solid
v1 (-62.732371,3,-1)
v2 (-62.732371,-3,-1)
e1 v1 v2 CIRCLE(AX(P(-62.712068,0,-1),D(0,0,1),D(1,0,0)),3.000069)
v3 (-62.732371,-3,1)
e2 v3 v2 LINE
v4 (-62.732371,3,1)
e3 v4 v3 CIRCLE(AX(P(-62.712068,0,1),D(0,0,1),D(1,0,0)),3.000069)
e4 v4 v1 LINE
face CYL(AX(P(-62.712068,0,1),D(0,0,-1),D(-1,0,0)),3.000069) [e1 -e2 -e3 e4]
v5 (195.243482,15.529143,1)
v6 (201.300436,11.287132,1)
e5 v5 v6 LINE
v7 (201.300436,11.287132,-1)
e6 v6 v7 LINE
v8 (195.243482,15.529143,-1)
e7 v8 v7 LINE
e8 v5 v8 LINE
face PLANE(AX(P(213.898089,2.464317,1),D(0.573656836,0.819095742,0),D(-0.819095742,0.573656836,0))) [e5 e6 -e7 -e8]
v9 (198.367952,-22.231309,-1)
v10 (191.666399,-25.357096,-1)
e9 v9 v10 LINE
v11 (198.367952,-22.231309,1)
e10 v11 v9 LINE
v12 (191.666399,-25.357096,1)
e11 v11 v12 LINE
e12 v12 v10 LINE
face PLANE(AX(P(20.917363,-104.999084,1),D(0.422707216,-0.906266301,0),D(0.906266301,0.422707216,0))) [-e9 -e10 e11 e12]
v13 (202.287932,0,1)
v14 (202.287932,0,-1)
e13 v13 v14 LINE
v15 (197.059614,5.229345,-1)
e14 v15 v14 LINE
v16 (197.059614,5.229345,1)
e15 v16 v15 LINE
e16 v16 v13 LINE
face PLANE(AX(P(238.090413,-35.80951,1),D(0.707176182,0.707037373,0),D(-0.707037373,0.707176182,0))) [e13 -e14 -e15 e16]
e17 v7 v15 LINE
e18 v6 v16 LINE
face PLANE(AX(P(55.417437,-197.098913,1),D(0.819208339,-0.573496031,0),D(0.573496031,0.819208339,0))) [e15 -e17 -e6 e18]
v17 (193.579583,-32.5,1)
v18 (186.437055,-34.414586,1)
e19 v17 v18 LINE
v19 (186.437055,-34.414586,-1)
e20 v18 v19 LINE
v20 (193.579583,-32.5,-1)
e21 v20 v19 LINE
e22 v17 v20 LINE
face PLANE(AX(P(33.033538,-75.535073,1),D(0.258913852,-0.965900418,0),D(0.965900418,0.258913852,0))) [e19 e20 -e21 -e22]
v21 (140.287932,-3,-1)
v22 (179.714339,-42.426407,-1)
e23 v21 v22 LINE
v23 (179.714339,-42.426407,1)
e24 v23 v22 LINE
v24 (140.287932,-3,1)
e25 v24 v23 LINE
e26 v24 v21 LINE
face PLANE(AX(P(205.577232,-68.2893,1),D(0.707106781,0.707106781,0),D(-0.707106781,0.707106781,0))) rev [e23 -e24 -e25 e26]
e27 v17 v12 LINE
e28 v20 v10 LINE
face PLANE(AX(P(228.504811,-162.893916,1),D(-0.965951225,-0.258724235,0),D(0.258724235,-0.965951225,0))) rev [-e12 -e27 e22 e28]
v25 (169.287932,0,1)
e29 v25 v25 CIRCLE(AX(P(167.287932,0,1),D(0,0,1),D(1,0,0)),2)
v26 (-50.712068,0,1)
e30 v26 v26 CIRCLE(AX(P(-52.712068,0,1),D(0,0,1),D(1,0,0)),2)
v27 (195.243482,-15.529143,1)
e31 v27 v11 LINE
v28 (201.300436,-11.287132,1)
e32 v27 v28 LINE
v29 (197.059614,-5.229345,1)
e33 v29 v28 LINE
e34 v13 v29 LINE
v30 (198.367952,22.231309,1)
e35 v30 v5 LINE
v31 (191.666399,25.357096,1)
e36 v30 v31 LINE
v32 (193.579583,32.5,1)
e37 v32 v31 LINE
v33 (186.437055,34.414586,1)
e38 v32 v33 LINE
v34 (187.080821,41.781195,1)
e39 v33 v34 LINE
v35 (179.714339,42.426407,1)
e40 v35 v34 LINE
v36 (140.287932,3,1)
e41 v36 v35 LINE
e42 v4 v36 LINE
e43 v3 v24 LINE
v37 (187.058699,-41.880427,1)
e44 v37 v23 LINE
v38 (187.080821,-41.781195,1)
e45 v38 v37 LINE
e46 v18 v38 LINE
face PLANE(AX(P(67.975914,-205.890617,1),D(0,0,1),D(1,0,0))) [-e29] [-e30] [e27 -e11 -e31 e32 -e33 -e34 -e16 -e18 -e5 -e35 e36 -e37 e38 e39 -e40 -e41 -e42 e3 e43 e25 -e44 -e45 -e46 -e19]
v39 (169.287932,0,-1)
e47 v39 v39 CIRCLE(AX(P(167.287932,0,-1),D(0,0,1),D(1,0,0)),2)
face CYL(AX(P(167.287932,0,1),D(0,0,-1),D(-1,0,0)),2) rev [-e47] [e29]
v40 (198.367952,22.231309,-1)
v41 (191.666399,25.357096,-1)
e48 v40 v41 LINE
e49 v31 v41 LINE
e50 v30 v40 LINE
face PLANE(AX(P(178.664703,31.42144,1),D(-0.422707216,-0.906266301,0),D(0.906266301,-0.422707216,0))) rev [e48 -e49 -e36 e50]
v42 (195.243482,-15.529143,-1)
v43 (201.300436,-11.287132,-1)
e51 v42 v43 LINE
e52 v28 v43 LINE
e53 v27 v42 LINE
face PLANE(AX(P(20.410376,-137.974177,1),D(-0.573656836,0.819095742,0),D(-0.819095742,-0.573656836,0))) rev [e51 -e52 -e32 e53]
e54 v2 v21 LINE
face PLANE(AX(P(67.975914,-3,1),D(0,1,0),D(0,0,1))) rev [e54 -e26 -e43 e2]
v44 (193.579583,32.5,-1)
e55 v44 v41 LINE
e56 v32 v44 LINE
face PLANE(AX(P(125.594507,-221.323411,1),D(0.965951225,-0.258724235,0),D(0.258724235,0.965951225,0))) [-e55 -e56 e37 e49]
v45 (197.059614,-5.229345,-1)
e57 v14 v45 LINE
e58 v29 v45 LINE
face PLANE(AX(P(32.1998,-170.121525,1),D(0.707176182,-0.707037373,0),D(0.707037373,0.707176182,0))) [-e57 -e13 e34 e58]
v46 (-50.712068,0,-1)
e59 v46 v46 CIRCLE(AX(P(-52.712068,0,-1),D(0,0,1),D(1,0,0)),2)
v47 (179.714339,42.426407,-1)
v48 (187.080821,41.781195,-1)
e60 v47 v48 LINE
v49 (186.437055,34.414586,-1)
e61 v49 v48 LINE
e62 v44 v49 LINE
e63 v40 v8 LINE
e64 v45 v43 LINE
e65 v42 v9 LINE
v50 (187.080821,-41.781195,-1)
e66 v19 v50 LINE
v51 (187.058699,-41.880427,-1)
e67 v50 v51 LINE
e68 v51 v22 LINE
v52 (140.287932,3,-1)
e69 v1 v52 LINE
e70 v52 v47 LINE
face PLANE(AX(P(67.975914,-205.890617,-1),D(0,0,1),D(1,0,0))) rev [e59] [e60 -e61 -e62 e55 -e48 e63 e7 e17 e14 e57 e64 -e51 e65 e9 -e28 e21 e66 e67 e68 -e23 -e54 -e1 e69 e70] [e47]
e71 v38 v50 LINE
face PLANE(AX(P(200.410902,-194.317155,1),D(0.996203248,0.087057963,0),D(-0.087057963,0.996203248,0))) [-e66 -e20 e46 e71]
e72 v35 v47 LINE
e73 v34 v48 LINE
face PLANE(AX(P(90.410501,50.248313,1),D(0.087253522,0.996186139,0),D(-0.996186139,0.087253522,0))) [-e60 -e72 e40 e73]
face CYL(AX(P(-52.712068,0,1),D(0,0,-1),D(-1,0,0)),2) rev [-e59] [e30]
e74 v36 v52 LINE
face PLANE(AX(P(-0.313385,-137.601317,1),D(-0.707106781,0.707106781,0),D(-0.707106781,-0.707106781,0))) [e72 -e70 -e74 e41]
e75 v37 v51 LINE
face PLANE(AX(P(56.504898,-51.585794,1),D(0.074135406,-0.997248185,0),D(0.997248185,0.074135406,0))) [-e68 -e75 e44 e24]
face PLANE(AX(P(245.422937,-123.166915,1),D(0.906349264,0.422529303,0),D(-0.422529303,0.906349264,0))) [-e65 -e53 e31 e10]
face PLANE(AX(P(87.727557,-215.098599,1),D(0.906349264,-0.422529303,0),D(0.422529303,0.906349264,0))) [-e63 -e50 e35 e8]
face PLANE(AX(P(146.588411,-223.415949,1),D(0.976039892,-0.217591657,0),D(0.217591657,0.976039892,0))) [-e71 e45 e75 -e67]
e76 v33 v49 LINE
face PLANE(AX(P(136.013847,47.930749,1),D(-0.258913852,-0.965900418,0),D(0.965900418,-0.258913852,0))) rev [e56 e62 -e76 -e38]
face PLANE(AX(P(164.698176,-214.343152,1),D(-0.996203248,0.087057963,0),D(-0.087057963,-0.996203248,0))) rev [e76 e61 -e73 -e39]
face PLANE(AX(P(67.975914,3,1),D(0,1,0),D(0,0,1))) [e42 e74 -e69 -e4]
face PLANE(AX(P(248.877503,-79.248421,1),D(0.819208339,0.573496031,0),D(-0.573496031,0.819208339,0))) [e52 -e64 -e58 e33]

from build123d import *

# Parameters (mm, degrees)
SKETCH_1_R      = 2
EXTRUDE_1_DEPTH = 1


with BuildPart() as part:
    # 草图1 → 凸台-拉伸1 (new, symmetric)
    with BuildSketch(Plane.XY):
        with BuildLine():
            ThreePointArc((-62.732371345, 3), (-65.712136607, 0), (-62.732371345, -3))
            Line((-62.732371345, -3), (-62.69176446, -3))
            Line((-62.69176446, -3), (140.287932097, -3))
            Line((140.287932097, -3), (179.714338968, -42.426406871))
            Line((179.714338968, -42.426406871), (187.058698637, -41.880427348))
            Line((187.058698637, -41.880427348), (187.0808209, -41.78119463))
            Line((187.0808209, -41.78119463), (186.437054755, -34.414586181))
            Line((186.437054755, -34.414586181), (193.579583343, -32.5))
            Line((193.579583343, -32.5), (191.666399319, -25.357095704))
            Line((191.666399319, -25.357095704), (198.367952448, -22.231309316))
            Line((198.367952448, -22.231309316), (195.243481675, -15.529142706))
            Line((195.243481675, -15.529142706), (201.300436043, -11.287131548))
            Line((201.300436043, -11.287131548), (197.059613983, -5.229344565))
            Line((197.059613983, -5.229344565), (202.287932097, 0))
            Line((202.287932097, 0), (197.059613983, 5.229344565))
            Line((197.059613983, 5.229344565), (201.300436043, 11.287131548))
            Line((201.300436043, 11.287131548), (195.243481675, 15.529142706))
            Line((195.243481675, 15.529142706), (198.367952448, 22.231309316))
            Line((198.367952448, 22.231309316), (191.666399319, 25.357095704))
            Line((191.666399319, 25.357095704), (193.579583343, 32.5))
            Line((193.579583343, 32.5), (186.437054755, 34.414586181))
            Line((186.437054755, 34.414586181), (187.0808209, 41.78119463))
            Line((187.0808209, 41.78119463), (179.714338968, 42.426406871))
            Line((179.714338968, 42.426406871), (140.287932097, 3))
            Line((140.287932097, 3), (-62.69176446, 3))
            Line((-62.69176446, 3), (-62.732371345, 3))
        make_face()
        with Locations((-52.712067903, 0)):
            Circle(SKETCH_1_R, mode=Mode.SUBTRACT)
        with Locations((167.287932097, 0)):
            Circle(SKETCH_1_R, mode=Mode.SUBTRACT)
    extrude(amount=EXTRUDE_1_DEPTH, both=True)


solid = part.part
